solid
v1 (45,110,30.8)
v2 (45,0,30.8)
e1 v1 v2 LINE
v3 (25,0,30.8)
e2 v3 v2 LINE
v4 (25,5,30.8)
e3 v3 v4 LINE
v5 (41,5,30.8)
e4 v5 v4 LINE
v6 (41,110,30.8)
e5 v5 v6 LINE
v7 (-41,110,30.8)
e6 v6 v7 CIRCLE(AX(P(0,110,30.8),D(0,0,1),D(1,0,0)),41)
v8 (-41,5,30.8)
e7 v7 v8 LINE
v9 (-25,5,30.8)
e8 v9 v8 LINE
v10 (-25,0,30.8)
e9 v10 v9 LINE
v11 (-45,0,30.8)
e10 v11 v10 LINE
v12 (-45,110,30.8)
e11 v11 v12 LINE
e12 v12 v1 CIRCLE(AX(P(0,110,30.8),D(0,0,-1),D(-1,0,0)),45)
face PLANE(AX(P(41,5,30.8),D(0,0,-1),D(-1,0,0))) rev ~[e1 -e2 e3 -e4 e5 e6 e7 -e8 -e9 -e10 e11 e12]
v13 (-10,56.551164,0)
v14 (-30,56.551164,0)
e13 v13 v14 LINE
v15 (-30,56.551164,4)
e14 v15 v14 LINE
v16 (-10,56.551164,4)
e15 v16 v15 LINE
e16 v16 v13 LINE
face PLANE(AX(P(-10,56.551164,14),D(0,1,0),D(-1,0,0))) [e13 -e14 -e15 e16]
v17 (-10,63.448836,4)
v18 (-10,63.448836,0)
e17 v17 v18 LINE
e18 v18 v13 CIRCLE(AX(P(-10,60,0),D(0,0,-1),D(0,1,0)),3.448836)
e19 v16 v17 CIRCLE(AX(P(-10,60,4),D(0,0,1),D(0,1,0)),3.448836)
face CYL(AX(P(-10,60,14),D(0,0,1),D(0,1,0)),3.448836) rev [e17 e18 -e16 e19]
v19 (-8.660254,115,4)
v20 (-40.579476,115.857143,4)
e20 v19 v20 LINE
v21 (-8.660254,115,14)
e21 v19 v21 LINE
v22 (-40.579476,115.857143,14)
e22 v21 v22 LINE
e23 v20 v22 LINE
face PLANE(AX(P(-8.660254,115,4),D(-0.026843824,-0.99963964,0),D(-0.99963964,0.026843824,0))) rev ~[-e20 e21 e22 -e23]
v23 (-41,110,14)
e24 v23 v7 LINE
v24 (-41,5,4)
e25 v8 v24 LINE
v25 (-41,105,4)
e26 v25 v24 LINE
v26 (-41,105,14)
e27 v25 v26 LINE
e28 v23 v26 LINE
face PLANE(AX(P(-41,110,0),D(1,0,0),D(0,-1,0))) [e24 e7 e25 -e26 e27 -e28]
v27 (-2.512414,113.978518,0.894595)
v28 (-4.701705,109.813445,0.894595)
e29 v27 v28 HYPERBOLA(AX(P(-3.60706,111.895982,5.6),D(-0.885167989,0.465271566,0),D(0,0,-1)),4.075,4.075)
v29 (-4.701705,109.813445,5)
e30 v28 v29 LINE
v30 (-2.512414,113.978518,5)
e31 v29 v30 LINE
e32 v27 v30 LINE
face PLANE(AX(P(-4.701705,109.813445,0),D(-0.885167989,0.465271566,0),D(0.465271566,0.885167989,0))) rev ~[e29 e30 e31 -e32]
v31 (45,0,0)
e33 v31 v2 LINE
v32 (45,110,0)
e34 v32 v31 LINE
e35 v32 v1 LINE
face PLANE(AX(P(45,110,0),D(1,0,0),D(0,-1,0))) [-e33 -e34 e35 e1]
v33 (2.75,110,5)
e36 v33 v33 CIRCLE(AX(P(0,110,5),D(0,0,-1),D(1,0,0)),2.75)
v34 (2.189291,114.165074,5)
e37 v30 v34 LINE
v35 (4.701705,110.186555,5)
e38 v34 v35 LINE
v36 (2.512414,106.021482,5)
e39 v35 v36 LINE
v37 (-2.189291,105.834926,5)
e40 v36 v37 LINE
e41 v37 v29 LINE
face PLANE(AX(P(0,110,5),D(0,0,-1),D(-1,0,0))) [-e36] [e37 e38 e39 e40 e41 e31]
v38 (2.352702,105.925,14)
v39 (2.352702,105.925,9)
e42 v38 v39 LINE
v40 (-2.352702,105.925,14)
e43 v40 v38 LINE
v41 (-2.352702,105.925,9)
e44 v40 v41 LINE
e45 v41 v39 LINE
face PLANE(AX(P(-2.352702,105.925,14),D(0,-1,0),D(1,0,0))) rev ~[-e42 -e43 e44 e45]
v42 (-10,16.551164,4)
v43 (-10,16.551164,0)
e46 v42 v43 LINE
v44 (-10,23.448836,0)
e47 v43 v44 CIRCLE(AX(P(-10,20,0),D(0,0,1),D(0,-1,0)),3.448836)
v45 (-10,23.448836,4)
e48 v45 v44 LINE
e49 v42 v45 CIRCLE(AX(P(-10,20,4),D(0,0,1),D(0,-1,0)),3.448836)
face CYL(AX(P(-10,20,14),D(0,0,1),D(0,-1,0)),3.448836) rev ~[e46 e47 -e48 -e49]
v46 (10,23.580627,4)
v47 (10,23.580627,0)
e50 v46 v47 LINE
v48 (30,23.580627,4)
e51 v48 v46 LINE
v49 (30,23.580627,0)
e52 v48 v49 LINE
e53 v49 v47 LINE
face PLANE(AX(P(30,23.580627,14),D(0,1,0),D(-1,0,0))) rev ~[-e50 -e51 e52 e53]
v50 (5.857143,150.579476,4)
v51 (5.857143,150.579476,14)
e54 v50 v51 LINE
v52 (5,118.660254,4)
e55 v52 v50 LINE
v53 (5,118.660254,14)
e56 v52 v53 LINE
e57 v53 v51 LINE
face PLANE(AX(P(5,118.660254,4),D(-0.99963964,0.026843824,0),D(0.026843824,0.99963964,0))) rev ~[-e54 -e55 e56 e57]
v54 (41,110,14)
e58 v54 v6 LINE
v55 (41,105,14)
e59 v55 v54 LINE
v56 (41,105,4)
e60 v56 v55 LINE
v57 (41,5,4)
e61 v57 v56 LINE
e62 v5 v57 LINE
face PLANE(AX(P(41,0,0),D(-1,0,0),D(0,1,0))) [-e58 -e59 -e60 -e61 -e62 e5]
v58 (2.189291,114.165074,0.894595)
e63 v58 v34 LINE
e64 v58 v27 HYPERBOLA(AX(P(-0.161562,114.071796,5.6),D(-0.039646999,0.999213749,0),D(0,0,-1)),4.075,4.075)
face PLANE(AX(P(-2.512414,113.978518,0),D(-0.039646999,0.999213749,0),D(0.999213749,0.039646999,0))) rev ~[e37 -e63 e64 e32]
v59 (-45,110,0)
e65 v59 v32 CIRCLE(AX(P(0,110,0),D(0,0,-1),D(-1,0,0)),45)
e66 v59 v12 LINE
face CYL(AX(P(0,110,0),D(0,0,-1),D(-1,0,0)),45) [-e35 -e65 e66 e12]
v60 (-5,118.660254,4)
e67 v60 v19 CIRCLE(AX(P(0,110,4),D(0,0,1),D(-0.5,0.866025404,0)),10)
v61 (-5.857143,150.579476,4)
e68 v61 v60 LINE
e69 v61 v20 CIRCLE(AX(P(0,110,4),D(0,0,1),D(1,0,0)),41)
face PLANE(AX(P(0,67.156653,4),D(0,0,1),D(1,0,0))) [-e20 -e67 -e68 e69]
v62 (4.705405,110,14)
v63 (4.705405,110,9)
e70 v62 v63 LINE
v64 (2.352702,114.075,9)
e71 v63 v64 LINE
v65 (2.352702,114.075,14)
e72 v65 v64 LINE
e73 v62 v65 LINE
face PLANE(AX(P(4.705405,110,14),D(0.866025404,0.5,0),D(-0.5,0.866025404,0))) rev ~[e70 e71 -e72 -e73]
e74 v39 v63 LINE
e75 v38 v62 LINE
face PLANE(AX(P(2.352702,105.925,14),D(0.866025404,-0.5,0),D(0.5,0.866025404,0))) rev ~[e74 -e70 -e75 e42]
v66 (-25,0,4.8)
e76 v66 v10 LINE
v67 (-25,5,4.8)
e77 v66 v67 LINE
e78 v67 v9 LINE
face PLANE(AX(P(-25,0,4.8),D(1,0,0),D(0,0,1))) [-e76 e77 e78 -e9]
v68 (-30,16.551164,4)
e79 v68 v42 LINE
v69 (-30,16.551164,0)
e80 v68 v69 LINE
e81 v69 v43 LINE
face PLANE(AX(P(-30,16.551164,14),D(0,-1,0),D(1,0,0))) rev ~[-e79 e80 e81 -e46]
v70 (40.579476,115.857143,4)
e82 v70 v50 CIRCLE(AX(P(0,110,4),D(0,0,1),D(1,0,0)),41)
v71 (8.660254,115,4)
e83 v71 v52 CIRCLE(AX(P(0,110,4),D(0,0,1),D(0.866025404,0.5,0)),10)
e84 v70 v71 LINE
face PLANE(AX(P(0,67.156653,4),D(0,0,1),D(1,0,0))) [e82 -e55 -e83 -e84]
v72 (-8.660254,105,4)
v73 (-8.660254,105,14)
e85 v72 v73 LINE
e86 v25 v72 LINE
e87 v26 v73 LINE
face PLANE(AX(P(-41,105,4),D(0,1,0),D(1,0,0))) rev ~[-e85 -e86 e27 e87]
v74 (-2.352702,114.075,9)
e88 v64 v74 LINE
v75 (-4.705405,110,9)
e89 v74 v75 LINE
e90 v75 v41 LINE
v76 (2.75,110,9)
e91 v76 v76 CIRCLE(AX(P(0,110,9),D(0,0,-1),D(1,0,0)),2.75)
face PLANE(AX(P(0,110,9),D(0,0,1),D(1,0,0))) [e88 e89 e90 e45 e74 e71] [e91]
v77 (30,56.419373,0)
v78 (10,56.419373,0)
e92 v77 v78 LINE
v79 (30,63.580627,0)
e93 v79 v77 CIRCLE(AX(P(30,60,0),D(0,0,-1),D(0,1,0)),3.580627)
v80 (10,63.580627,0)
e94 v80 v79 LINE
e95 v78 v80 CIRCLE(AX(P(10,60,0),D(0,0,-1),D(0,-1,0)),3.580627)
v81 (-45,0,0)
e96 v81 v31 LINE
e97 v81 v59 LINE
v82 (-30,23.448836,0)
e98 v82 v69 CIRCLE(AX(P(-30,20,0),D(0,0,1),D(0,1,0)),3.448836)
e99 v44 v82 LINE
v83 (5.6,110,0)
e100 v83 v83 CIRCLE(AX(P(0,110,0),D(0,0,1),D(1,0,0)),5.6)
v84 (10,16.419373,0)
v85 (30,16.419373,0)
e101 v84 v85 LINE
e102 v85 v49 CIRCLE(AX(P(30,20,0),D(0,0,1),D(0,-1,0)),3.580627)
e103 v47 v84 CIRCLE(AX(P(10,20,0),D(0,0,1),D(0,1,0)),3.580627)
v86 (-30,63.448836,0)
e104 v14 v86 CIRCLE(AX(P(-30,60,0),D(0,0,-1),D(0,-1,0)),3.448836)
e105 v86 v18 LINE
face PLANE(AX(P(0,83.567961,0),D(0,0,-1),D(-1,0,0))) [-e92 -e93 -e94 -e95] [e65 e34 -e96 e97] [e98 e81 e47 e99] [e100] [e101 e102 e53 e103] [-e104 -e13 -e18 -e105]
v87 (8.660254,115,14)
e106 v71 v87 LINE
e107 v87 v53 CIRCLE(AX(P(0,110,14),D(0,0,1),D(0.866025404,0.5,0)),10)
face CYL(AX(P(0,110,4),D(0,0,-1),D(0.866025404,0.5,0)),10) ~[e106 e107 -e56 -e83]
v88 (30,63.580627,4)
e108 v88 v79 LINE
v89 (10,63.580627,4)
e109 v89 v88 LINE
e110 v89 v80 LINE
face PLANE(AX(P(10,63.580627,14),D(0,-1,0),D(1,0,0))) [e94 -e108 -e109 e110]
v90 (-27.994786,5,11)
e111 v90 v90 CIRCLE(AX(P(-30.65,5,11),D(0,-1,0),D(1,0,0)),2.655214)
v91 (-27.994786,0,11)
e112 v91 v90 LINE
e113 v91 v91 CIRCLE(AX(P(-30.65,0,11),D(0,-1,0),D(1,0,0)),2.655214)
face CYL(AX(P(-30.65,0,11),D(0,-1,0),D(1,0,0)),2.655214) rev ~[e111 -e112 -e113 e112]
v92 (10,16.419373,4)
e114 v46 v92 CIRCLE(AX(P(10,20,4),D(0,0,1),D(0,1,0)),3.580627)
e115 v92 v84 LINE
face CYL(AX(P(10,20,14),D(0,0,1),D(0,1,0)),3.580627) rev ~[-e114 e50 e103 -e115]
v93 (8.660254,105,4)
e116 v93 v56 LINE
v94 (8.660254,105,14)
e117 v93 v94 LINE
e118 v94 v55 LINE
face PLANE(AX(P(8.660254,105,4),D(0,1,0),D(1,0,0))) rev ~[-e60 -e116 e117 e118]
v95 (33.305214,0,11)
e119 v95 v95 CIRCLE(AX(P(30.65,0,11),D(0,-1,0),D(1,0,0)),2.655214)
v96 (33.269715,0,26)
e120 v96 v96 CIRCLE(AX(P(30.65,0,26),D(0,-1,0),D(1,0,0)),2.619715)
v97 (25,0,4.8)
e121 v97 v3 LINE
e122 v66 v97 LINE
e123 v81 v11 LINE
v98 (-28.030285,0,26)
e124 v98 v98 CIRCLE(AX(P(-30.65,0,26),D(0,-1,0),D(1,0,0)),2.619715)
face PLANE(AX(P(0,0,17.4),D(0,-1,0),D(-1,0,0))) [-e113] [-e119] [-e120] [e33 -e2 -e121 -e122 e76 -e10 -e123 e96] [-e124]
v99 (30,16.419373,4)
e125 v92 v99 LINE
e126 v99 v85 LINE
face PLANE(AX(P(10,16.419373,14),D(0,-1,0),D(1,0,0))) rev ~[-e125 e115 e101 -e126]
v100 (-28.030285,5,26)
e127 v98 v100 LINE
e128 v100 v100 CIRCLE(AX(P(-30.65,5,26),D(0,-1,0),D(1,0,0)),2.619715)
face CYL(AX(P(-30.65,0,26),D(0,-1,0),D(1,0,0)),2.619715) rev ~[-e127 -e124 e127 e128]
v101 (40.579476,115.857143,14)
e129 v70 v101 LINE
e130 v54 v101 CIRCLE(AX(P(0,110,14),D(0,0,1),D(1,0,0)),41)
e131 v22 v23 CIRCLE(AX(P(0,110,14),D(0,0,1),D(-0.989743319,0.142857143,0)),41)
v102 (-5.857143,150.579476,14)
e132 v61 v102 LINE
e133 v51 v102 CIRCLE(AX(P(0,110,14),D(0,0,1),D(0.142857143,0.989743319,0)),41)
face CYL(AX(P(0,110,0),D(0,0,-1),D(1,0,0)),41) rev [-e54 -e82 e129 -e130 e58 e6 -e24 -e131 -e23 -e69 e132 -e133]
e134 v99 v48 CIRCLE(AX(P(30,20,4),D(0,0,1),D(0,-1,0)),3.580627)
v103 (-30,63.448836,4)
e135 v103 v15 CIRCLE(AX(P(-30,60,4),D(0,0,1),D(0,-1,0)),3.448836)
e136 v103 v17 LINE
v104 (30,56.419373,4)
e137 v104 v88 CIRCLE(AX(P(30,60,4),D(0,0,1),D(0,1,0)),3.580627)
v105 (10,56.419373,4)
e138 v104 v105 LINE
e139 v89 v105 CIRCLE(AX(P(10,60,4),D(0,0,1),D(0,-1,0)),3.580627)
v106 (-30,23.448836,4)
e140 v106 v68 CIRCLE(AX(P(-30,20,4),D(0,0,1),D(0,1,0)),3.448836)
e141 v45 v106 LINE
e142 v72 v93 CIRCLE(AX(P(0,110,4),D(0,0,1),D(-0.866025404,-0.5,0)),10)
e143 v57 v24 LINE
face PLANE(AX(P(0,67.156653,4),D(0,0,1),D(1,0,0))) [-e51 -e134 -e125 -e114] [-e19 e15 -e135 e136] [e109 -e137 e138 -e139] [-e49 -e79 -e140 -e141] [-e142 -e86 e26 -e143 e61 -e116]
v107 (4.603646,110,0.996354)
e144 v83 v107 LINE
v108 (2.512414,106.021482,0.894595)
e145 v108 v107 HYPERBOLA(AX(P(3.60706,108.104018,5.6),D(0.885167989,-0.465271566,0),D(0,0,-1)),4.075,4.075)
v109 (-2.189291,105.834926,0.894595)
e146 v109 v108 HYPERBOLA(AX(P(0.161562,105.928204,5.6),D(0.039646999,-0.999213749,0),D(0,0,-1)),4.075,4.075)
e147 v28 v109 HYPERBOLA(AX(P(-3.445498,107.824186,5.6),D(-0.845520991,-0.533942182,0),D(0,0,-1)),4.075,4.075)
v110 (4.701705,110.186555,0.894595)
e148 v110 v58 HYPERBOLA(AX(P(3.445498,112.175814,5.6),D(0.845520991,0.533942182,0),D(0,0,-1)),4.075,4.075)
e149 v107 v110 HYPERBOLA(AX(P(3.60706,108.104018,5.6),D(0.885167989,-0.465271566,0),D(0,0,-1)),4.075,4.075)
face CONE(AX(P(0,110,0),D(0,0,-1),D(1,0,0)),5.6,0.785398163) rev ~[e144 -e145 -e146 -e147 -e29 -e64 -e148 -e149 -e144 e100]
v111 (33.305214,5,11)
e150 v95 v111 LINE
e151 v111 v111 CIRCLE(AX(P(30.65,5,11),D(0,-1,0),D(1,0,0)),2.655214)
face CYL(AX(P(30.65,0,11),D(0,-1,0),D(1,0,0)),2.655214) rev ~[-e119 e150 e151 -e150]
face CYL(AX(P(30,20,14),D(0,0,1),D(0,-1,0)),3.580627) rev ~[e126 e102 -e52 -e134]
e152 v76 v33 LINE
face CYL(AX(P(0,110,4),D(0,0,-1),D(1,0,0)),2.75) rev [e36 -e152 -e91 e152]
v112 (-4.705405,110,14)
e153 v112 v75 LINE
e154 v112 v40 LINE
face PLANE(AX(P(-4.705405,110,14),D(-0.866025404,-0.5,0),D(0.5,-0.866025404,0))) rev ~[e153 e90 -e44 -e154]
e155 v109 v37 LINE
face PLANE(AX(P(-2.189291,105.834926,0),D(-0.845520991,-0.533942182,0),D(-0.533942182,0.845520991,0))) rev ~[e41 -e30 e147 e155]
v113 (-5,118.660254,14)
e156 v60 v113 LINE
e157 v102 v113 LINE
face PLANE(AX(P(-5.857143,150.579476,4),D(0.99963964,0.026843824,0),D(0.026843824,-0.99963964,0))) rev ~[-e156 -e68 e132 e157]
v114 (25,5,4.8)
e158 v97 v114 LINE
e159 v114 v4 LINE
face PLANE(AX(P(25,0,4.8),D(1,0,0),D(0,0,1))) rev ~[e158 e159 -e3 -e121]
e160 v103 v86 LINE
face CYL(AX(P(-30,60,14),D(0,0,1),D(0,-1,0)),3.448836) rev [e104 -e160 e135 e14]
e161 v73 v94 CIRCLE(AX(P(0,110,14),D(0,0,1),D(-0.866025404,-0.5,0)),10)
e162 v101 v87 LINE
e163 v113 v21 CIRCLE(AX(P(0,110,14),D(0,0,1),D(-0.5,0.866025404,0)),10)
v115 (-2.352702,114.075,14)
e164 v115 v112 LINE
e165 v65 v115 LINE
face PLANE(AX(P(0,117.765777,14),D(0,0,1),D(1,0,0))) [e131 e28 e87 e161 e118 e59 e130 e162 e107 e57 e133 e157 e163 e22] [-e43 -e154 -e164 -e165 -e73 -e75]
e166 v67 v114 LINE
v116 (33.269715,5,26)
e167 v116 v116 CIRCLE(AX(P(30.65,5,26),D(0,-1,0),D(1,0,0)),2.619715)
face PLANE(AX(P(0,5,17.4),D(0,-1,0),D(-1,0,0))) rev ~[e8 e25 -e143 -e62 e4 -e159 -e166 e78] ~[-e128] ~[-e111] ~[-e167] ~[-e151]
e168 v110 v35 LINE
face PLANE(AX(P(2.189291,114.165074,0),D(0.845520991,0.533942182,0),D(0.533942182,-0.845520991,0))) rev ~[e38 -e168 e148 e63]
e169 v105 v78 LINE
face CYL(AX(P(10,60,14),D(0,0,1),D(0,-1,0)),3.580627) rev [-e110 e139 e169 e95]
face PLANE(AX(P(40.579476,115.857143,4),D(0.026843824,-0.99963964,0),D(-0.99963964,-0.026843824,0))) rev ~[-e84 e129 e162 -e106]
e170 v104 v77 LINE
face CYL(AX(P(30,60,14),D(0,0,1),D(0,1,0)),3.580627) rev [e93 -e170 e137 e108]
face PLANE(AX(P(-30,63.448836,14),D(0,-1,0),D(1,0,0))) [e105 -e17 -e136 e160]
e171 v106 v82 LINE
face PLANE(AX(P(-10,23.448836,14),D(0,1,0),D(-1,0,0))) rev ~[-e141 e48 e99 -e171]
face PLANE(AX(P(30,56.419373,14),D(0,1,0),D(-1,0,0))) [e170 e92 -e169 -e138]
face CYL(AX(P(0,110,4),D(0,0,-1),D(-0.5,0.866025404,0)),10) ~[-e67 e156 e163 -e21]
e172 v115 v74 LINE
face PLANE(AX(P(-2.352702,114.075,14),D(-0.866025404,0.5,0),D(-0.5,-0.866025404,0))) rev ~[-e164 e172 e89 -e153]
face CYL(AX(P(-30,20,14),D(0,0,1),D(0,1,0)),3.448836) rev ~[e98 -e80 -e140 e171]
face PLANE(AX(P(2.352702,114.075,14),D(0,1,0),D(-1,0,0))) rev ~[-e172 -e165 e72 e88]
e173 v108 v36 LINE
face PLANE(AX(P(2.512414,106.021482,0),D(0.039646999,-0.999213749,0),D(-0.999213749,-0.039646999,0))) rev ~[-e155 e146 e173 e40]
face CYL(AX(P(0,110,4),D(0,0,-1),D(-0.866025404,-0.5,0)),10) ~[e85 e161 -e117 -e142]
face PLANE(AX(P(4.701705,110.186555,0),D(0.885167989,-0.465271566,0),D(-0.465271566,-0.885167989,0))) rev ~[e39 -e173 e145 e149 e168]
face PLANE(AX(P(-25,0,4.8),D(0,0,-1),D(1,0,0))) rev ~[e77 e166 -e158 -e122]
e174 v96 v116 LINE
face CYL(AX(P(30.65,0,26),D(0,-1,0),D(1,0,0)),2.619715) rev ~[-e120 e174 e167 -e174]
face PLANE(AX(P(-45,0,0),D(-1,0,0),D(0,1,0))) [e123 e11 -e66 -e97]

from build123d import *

# Parameters (mm, degrees)
SALIENTE_EXTRUIR1_DEPTH                              = 4
CROQUIS2_R                                           = 2.75
SALIENTE_EXTRUIR2_DEPTH                              = 10
SALIENTE_EXTRUIR3_DEPTH                              = 30.8
CROQUIS4_R                                           = 2.75
CORTAR_EXTRUIR1_DEPTH                                = 4
REFRENTADO_PARA_TORNILLO_TAP_N_CON_CABEZ_D           = 5.5
REFRENTADO_PARA_TORNILLO_TAP_N_CON_CABEZ_CSINK_D     = 11.2
REFRENTADO_PARA_TORNILLO_TAP_N_CON_CABEZ_CSINK_ANGLE = 90
CORTAR_EXTRUIR2_DEPTH                                = 5
CORTAR_EXTRUIR3_DEPTH                                = 5
CORTAR_EXTRUIR4_DEPTH                                = 14
CROQUIS10_W                                          = 82
CROQUIS10_H                                          = 26.8
SALIENTE_EXTRUIR4_DEPTH                              = 5
CROQUIS11_R                                          = 2.619714774
CROQUIS11_W                                          = 50
CROQUIS11_H                                          = 26
CROQUIS11_R_2                                        = 2.655214408
CORTAR_EXTRUIR5_DEPTH                                = 5


with BuildPart() as part:
    # Croquis1 → Saliente-Extruir1 (new body)
    with BuildSketch(Plane.XY):
        with BuildLine():
            Line((-41, 0), (41, 0))
            Line((41, 0), (41, 110))
            ThreePointArc((41, 110), (0, 151), (-41, 110))
            Line((-41, 110), (-41, 0))
        make_face()
    extrude(amount=SALIENTE_EXTRUIR1_DEPTH)

    # Croquis2 → Saliente-Extruir2 (add)
    with BuildSketch(Plane.XY.offset(4)):
        with BuildLine():
            Line((-41, 105), (-8.660254038, 105))
            ThreePointArc((-8.660254038, 105), (0, 100), (8.660254038, 105))
            Line((8.660254038, 105), (41, 105))
            Line((41, 105), (41, 110))
            ThreePointArc((41, 110), (40.894733882, 112.936109791), (40.579476063, 115.857142857))
            Line((40.579476063, 115.857142857), (8.660254038, 115))
            ThreePointArc((8.660254038, 115), (7.071067812, 117.071067812), (5, 118.660254038))
            Line((5, 118.660254038), (5.857142857, 150.579476063))
            ThreePointArc((5.857142857, 150.579476063), (0, 151), (-5.857142857, 150.579476063))
            Line((-5.857142857, 150.579476063), (-5, 118.660254038))
            ThreePointArc((-5, 118.660254038), (-7.071067812, 117.071067812), (-8.660254038, 115))
            Line((-8.660254038, 115), (-40.579476063, 115.857142857))
            ThreePointArc((-40.579476063, 115.857142857), (-40.894733882, 112.936109791), (-41, 110))
            Line((-41, 110), (-41, 105))
        make_face()
        with Locations((0, 110)):
            Circle(CROQUIS2_R, mode=Mode.SUBTRACT)
    extrude(amount=SALIENTE_EXTRUIR2_DEPTH)

    # Croquis3 → Saliente-Extruir3 (add)
    with BuildSketch(Plane(origin=(0, 0, 0), x_dir=(-1, 0, 0), z_dir=(0, 0, -1))):
        with BuildLine():
            Line((-41, 0), (-41, 110))
            ThreePointArc((-41, 110), (0, 151), (41, 110))
            Line((41, 110), (41, 0))
            Line((41, 0), (45, 0))
            Line((45, 0), (45, 110))
            ThreePointArc((45, 110), (0, 155), (-45, 110))
            Line((-45, 110), (-45, 0))
            Line((-45, 0), (-41, 0))
        make_face()
    extrude(amount=-SALIENTE_EXTRUIR3_DEPTH)

    # Croquis4 → Cortar-Extruir1 (cut)
    with BuildSketch(Plane.XY.offset(4)):
        with Locations((0, 110)):
            Circle(CROQUIS4_R)
    extrude(amount=-CORTAR_EXTRUIR1_DEPTH, mode=Mode.SUBTRACT)

    # Refrentado para tornillo tapón con cabeza plana de clavija de M52 (through all)
    with Locations(Plane(origin=(0, 110, 0), x_dir=(-1, 0, 0), z_dir=(0, 0, -1))):
        with Locations((0, 0)):
            CounterSinkHole(REFRENTADO_PARA_TORNILLO_TAP_N_CON_CABEZ_D / 2, REFRENTADO_PARA_TORNILLO_TAP_N_CON_CABEZ_CSINK_D / 2, counter_sink_angle=REFRENTADO_PARA_TORNILLO_TAP_N_CON_CABEZ_CSINK_ANGLE)

    # Croquis7 → Cortar-Extruir2 (cut)
    with BuildSketch(Plane(origin=(0, 0, 0), x_dir=(-1, 0, 0), z_dir=(0, 0, -1))):
        Polygon((2.189291013, 105.834926388), (4.701705063, 109.813444827), (2.512414051, 113.978518439), (-2.189291013, 114.165073612), (-4.701705063, 110.186555173), (-2.512414051, 106.021481561), align=None)
    extrude(amount=-CORTAR_EXTRUIR2_DEPTH, mode=Mode.SUBTRACT)

    # Croquis8 → Cortar-Extruir3 (cut)
    with BuildSketch(Plane.XY.offset(14)):
        Polygon((4.705404694, 110), (2.352702347, 114.075), (-2.352702347, 114.075), (-4.705404694, 110), (-2.352702347, 105.925), (2.352702347, 105.925), align=None)
    extrude(amount=-CORTAR_EXTRUIR3_DEPTH, mode=Mode.SUBTRACT)

    # Croquis9 → Cortar-Extruir4 (cut)
    with BuildSketch(Plane.XY.offset(14)):
        with BuildLine():
            Line((-30, 63.448836188), (-10, 63.448836188))
            ThreePointArc((-10, 63.448836188), (-6.551163812, 60), (-10, 56.551163812))
            Line((-10, 56.551163812), (-30, 56.551163812))
            ThreePointArc((-30, 56.551163812), (-33.448836188, 60), (-30, 63.448836188))
        make_face()
        with BuildLine():
            Line((10, 63.580626855), (30, 63.580626855))
            ThreePointArc((30, 63.580626855), (33.580626855, 60), (30, 56.419373145))
            Line((30, 56.419373145), (10, 56.419373145))
            ThreePointArc((10, 56.419373145), (6.419373145, 60), (10, 63.580626855))
        make_face()
        with BuildLine():
            Line((-30, 16.551163812), (-10, 16.551163812))
            ThreePointArc((-10, 16.551163812), (-6.551163812, 20), (-10, 23.448836188))
            Line((-10, 23.448836188), (-30, 23.448836188))
            ThreePointArc((-30, 23.448836188), (-33.448836188, 20), (-30, 16.551163812))
        make_face()
        with BuildLine():
            Line((10, 16.419373145), (30, 16.419373145))
            ThreePointArc((30, 16.419373145), (33.580626855, 20), (30, 23.580626855))
            Line((30, 23.580626855), (10, 23.580626855))
            ThreePointArc((10, 23.580626855), (6.419373145, 20), (10, 16.419373145))
        make_face()
    extrude(amount=-CORTAR_EXTRUIR4_DEPTH, mode=Mode.SUBTRACT)

    # Croquis10 → Saliente-Extruir4 (add)
    with BuildSketch(Plane(origin=(0, 5, 0), x_dir=(-1, 0, 0), z_dir=(0, -1, 0))):
        with Locations((0, -17.4)):
            Rectangle(CROQUIS10_W, CROQUIS10_H)
    extrude(amount=SALIENTE_EXTRUIR4_DEPTH)

    # Croquis11 → Cortar-Extruir5 (cut)
    with BuildSketch(Plane.XZ):
        with Locations((-30.65, 26)):
            Circle(CROQUIS11_R)
        with Locations((0, 17.8)):
            Rectangle(CROQUIS11_W, CROQUIS11_H)
        with Locations((30.65, 26)):
            Circle(CROQUIS11_R)
        with Locations((30.65, 11)):
            Circle(CROQUIS11_R_2)
        with Locations((-30.65, 11)):
            Circle(CROQUIS11_R_2)
    extrude(amount=-CORTAR_EXTRUIR5_DEPTH, mode=Mode.SUBTRACT)


solid = part.part
